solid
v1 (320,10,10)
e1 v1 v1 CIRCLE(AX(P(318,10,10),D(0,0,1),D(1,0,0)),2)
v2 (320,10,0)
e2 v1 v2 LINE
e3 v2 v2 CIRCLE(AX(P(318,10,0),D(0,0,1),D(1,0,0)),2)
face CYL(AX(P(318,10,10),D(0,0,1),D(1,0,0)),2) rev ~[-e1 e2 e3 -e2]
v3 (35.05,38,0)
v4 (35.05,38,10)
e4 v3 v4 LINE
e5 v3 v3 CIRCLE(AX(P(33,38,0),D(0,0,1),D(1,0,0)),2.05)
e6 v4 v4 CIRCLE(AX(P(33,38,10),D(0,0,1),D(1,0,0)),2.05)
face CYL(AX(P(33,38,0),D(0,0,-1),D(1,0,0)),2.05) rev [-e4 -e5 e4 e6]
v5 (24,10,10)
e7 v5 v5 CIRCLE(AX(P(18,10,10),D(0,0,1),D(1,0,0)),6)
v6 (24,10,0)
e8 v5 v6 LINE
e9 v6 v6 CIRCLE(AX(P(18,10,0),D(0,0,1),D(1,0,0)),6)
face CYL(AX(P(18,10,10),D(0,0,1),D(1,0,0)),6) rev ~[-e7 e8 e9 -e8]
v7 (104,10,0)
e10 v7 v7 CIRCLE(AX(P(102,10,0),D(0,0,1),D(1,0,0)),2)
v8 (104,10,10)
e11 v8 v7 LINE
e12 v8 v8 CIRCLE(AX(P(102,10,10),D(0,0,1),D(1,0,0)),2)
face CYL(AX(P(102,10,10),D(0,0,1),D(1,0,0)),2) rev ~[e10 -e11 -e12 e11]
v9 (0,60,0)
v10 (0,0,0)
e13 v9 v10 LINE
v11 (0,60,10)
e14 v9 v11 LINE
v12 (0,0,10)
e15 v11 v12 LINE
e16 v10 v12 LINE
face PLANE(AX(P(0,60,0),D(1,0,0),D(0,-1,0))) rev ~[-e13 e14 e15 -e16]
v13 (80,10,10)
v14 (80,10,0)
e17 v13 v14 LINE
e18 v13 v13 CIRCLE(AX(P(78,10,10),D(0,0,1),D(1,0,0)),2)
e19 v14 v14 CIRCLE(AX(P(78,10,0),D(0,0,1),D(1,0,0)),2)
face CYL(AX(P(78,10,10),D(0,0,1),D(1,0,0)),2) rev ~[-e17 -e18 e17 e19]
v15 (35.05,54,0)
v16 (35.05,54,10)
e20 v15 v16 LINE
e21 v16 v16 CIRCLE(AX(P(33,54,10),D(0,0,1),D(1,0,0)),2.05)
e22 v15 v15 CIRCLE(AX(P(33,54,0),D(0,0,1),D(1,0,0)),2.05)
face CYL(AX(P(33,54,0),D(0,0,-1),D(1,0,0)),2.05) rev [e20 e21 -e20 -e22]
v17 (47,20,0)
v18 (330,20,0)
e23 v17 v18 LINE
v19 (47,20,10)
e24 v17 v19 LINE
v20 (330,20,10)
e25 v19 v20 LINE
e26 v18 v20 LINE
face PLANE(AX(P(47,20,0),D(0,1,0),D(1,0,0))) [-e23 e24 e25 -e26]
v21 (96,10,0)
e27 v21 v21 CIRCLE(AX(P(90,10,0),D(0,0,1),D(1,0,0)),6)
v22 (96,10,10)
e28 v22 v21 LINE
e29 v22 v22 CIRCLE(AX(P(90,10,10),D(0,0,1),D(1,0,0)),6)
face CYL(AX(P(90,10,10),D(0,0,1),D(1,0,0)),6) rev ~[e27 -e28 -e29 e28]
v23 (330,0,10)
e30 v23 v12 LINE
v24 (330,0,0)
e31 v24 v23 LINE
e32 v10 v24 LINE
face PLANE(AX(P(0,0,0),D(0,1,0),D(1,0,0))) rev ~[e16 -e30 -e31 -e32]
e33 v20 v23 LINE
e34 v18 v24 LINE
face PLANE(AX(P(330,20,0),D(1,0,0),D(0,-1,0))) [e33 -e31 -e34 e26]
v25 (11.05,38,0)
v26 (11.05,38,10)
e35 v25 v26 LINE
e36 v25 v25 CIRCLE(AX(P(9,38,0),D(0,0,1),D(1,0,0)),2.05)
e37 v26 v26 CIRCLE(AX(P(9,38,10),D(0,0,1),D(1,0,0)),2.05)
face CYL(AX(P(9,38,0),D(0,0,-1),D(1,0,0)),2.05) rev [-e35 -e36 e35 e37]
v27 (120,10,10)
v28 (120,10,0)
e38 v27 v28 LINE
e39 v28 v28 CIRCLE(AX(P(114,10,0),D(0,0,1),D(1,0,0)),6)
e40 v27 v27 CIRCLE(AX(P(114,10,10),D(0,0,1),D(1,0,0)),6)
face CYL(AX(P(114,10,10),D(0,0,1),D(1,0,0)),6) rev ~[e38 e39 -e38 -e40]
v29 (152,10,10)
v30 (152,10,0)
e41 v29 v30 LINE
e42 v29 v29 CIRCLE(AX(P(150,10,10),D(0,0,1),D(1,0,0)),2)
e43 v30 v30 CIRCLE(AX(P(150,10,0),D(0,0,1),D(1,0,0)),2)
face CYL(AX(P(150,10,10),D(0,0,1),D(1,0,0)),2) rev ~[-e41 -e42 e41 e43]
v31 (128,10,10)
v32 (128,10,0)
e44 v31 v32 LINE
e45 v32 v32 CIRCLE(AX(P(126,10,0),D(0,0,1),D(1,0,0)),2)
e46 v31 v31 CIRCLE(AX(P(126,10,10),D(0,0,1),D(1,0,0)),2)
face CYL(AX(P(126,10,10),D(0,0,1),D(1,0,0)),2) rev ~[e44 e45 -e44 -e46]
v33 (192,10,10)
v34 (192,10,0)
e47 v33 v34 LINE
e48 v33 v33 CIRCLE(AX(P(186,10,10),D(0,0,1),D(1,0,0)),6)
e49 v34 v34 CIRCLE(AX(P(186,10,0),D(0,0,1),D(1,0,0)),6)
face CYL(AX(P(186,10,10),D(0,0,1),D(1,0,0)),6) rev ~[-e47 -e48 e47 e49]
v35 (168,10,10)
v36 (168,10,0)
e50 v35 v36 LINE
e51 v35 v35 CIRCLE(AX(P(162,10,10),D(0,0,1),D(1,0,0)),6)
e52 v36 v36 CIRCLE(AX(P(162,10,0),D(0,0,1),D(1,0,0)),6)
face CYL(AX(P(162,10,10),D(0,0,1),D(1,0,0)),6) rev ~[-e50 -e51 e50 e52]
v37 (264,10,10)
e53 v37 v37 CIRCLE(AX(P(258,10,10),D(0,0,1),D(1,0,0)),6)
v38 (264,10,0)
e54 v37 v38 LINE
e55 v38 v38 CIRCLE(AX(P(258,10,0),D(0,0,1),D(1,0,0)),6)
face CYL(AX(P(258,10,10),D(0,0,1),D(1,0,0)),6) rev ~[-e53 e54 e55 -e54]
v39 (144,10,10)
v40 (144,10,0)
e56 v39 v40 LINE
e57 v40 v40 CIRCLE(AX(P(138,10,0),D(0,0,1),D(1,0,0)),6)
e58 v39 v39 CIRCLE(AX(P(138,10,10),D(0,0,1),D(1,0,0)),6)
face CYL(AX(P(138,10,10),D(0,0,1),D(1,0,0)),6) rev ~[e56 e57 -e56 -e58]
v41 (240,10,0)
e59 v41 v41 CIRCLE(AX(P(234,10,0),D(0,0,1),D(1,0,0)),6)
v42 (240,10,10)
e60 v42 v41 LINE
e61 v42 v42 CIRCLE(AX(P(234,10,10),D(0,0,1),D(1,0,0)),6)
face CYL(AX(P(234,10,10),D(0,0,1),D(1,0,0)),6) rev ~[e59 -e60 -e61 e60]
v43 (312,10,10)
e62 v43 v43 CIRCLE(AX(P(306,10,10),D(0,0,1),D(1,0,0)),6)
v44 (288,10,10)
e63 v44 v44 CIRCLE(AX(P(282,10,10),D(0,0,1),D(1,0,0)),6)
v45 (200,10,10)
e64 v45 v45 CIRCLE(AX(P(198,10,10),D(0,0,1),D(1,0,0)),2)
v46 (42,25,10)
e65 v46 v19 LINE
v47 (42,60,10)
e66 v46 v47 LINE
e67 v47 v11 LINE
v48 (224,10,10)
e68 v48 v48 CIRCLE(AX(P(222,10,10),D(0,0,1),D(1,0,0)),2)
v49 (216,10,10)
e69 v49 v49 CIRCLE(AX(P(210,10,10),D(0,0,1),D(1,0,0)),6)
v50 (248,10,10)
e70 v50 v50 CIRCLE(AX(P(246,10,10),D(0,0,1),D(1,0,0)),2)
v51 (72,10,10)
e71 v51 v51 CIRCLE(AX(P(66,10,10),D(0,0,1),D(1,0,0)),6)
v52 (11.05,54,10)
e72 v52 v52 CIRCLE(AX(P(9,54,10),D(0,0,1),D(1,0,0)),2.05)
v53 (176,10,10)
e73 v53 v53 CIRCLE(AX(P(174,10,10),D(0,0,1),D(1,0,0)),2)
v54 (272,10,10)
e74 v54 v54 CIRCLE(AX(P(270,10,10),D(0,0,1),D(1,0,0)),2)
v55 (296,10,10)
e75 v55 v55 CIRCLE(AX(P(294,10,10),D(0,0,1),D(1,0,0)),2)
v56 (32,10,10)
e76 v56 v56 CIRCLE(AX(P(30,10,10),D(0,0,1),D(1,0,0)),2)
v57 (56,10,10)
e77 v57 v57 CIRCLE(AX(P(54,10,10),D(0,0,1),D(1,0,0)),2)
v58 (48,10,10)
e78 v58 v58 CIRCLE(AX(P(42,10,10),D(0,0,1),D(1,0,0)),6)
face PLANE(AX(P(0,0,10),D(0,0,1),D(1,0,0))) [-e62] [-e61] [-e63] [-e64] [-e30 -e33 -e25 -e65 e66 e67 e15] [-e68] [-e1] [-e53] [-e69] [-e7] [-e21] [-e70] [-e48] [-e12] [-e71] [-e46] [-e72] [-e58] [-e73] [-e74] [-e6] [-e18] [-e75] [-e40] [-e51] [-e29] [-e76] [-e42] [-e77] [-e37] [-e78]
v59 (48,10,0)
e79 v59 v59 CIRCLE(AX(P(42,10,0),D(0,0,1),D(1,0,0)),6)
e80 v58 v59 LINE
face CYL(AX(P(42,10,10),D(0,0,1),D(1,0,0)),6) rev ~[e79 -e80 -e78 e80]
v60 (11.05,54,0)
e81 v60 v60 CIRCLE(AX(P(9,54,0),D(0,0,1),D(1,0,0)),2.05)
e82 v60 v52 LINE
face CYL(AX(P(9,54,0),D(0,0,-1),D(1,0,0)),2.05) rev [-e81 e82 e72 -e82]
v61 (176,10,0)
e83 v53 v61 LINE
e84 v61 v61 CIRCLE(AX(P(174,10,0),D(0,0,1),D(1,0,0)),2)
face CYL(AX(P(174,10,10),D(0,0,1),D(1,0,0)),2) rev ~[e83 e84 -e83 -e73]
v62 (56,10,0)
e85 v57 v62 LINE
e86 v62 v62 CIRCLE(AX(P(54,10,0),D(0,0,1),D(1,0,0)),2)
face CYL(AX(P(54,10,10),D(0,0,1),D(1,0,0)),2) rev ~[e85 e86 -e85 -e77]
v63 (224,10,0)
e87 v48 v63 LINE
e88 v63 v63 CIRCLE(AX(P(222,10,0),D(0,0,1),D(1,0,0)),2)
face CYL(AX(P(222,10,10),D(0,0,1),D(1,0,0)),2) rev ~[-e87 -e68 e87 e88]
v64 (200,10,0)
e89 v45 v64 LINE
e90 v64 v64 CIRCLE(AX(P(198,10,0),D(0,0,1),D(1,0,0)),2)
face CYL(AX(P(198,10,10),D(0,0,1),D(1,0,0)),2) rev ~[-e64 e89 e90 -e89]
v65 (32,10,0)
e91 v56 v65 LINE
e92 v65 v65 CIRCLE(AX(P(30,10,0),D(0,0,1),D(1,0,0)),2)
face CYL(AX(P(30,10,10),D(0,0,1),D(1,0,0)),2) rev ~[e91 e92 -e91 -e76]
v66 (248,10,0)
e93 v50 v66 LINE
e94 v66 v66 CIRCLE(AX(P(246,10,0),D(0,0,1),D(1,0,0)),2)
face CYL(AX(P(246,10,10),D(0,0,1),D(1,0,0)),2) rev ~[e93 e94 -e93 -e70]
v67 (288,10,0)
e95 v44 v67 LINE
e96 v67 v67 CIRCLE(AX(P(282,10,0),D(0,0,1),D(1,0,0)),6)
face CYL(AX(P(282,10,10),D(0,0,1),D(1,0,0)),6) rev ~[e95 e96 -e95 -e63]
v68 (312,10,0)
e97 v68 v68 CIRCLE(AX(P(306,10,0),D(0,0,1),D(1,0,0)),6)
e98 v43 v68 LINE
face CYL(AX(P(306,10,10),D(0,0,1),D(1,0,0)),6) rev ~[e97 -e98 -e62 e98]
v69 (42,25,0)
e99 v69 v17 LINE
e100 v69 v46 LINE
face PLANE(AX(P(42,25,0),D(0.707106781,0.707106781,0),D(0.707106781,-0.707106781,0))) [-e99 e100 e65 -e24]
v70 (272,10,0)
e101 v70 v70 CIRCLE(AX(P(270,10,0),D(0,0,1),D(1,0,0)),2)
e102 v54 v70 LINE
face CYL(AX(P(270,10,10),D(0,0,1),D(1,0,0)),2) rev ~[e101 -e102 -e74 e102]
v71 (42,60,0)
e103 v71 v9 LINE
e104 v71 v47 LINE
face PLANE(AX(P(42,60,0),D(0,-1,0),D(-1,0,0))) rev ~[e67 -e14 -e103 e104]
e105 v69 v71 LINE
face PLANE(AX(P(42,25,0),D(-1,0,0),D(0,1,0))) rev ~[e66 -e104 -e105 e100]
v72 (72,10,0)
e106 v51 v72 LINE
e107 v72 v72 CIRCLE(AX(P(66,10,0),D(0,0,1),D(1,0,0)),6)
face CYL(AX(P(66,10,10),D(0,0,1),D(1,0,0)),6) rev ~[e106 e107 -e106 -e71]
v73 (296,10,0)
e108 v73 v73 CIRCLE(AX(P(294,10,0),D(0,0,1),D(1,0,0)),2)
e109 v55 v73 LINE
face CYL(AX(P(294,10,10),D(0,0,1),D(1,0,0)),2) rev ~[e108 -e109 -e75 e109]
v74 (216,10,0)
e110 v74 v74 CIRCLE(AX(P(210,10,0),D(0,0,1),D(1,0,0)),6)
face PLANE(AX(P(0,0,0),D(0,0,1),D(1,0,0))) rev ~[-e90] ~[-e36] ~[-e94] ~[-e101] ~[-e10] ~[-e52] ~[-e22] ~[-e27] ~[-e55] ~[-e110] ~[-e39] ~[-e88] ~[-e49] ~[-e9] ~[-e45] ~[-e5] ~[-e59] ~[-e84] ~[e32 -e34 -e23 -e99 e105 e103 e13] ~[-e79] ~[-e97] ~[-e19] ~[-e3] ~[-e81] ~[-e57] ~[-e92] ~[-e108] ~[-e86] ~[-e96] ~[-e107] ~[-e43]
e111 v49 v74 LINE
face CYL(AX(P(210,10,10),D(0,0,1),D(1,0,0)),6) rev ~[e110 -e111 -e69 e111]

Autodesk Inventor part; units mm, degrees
ref_plane "YZ Plane" through (0, 0, 0) normal (1, 0, 0) x (0, 1, 0)
ref_plane "XZ Plane" through (0, 0, 0) normal (0, 1, 0) x (-1, 0, 0)
ref_plane "XY Plane" through (0, 0, 0) normal (0, 0, 1) x (1, 0, 0)
sketch "Sketch1" plane through (0, 0, 0) normal (0, 0, 1) x (1, 0, 0)
  line L0 (0, 0) -> (18.2608, 0)
  line L1 (42, 25) -> (42, 60)
  line L2 (42, 60) -> (0, 60)
  line L3 (0, 60) -> (0, 0)
  line L4 (47, 20) -> (330, 20)
  line L5 (330, 20) -> (330, 0)
  line L6 (330, 0) -> (18.2608, 0)
  circle A0 centre (9, 54) radius 2.05
  circle A1 centre (33, 54) radius 2.05
  circle A2 centre (33, 38) radius 2.05
  circle A3 centre (9, 38) radius 2.05
  line L7 (42, 25) -> (47, 20)
  point P0 (42, 20)
  dimension "d0" = 330
  dimension "d1" = 60
  dimension "d2" = 42
  dimension "d3" = 40
  dimension "d4" = 4.1
  dimension "d5" = 24
  dimension "d6" = 16
  dimension "d7" = 6
  dimension "d8" = 9
  dimension "d9" = 5
  dimension "d10" = 5
extrude "Extrusion1" add sketch "Sketch1" along normal blind 10
sketch "Sketch2" plane through (0, 0, 10) normal (0, 0, 1) x (1, 0, 0)
  line L0 (330, 20) -> (330, 0) projected
  line L1 (47, 20) -> (330, 20) projected
  circle A0 centre (318, 10) radius 2
  circle A1 centre (306, 10) radius 6
  line L2 (336.598, 10) -> (-63.669, 10) construction
  circle A2 centre (294, 10) radius 2
  circle A3 centre (282, 10) radius 6
  line L3 (312.598, 10) -> (-87.669, 10) construction
  circle A4 centre (270, 10) radius 2
  circle A5 centre (258, 10) radius 6
  line L4 (288.598, 10) -> (-111.669, 10) construction
  circle A6 centre (246, 10) radius 2
  circle A7 centre (234, 10) radius 6
  line L5 (264.598, 10) -> (-135.669, 10) construction
  circle A8 centre (222, 10) radius 2
  circle A9 centre (210, 10) radius 6
  line L6 (240.598, 10) -> (-159.669, 10) construction
  circle A10 centre (198, 10) radius 2
  circle A11 centre (186, 10) radius 6
  line L7 (216.598, 10) -> (-183.669, 10) construction
  circle A12 centre (174, 10) radius 2
  circle A13 centre (162, 10) radius 6
  line L8 (192.598, 10) -> (-207.669, 10) construction
  circle A14 centre (150, 10) radius 2
  circle A15 centre (138, 10) radius 6
  line L9 (168.598, 10) -> (-231.669, 10) construction
  circle A16 centre (126, 10) radius 2
  circle A17 centre (114, 10) radius 6
  line L10 (144.598, 10) -> (-255.669, 10) construction
  circle A18 centre (102, 10) radius 2
  circle A19 centre (90, 10) radius 6
  line L11 (120.598, 10) -> (-279.669, 10) construction
  circle A20 centre (78, 10) radius 2
  circle A21 centre (66, 10) radius 6
  line L12 (96.598, 10) -> (-303.669, 10) construction
  circle A22 centre (54, 10) radius 2
  circle A23 centre (42, 10) radius 6
  line L13 (72.598, 10) -> (-327.669, 10) construction
  circle A24 centre (30, 10) radius 2
  circle A25 centre (18, 10) radius 6
  line L14 (48.598, 10) -> (-351.669, 10) construction
  dimension "d13" = 10
  dimension "d14" = 12
  dimension "d15" = 4
  dimension "d16" = 12
  dimension "d17" = 12
  dimension "d20" = 24
extrude "Extrusion2" cut sketch "Sketch2" against normal through all
equation "\"d8\" = -0.5 * d5 + 0.5 * d2"
equation "\"d10\" = d9"
properties part number "Set Square"
